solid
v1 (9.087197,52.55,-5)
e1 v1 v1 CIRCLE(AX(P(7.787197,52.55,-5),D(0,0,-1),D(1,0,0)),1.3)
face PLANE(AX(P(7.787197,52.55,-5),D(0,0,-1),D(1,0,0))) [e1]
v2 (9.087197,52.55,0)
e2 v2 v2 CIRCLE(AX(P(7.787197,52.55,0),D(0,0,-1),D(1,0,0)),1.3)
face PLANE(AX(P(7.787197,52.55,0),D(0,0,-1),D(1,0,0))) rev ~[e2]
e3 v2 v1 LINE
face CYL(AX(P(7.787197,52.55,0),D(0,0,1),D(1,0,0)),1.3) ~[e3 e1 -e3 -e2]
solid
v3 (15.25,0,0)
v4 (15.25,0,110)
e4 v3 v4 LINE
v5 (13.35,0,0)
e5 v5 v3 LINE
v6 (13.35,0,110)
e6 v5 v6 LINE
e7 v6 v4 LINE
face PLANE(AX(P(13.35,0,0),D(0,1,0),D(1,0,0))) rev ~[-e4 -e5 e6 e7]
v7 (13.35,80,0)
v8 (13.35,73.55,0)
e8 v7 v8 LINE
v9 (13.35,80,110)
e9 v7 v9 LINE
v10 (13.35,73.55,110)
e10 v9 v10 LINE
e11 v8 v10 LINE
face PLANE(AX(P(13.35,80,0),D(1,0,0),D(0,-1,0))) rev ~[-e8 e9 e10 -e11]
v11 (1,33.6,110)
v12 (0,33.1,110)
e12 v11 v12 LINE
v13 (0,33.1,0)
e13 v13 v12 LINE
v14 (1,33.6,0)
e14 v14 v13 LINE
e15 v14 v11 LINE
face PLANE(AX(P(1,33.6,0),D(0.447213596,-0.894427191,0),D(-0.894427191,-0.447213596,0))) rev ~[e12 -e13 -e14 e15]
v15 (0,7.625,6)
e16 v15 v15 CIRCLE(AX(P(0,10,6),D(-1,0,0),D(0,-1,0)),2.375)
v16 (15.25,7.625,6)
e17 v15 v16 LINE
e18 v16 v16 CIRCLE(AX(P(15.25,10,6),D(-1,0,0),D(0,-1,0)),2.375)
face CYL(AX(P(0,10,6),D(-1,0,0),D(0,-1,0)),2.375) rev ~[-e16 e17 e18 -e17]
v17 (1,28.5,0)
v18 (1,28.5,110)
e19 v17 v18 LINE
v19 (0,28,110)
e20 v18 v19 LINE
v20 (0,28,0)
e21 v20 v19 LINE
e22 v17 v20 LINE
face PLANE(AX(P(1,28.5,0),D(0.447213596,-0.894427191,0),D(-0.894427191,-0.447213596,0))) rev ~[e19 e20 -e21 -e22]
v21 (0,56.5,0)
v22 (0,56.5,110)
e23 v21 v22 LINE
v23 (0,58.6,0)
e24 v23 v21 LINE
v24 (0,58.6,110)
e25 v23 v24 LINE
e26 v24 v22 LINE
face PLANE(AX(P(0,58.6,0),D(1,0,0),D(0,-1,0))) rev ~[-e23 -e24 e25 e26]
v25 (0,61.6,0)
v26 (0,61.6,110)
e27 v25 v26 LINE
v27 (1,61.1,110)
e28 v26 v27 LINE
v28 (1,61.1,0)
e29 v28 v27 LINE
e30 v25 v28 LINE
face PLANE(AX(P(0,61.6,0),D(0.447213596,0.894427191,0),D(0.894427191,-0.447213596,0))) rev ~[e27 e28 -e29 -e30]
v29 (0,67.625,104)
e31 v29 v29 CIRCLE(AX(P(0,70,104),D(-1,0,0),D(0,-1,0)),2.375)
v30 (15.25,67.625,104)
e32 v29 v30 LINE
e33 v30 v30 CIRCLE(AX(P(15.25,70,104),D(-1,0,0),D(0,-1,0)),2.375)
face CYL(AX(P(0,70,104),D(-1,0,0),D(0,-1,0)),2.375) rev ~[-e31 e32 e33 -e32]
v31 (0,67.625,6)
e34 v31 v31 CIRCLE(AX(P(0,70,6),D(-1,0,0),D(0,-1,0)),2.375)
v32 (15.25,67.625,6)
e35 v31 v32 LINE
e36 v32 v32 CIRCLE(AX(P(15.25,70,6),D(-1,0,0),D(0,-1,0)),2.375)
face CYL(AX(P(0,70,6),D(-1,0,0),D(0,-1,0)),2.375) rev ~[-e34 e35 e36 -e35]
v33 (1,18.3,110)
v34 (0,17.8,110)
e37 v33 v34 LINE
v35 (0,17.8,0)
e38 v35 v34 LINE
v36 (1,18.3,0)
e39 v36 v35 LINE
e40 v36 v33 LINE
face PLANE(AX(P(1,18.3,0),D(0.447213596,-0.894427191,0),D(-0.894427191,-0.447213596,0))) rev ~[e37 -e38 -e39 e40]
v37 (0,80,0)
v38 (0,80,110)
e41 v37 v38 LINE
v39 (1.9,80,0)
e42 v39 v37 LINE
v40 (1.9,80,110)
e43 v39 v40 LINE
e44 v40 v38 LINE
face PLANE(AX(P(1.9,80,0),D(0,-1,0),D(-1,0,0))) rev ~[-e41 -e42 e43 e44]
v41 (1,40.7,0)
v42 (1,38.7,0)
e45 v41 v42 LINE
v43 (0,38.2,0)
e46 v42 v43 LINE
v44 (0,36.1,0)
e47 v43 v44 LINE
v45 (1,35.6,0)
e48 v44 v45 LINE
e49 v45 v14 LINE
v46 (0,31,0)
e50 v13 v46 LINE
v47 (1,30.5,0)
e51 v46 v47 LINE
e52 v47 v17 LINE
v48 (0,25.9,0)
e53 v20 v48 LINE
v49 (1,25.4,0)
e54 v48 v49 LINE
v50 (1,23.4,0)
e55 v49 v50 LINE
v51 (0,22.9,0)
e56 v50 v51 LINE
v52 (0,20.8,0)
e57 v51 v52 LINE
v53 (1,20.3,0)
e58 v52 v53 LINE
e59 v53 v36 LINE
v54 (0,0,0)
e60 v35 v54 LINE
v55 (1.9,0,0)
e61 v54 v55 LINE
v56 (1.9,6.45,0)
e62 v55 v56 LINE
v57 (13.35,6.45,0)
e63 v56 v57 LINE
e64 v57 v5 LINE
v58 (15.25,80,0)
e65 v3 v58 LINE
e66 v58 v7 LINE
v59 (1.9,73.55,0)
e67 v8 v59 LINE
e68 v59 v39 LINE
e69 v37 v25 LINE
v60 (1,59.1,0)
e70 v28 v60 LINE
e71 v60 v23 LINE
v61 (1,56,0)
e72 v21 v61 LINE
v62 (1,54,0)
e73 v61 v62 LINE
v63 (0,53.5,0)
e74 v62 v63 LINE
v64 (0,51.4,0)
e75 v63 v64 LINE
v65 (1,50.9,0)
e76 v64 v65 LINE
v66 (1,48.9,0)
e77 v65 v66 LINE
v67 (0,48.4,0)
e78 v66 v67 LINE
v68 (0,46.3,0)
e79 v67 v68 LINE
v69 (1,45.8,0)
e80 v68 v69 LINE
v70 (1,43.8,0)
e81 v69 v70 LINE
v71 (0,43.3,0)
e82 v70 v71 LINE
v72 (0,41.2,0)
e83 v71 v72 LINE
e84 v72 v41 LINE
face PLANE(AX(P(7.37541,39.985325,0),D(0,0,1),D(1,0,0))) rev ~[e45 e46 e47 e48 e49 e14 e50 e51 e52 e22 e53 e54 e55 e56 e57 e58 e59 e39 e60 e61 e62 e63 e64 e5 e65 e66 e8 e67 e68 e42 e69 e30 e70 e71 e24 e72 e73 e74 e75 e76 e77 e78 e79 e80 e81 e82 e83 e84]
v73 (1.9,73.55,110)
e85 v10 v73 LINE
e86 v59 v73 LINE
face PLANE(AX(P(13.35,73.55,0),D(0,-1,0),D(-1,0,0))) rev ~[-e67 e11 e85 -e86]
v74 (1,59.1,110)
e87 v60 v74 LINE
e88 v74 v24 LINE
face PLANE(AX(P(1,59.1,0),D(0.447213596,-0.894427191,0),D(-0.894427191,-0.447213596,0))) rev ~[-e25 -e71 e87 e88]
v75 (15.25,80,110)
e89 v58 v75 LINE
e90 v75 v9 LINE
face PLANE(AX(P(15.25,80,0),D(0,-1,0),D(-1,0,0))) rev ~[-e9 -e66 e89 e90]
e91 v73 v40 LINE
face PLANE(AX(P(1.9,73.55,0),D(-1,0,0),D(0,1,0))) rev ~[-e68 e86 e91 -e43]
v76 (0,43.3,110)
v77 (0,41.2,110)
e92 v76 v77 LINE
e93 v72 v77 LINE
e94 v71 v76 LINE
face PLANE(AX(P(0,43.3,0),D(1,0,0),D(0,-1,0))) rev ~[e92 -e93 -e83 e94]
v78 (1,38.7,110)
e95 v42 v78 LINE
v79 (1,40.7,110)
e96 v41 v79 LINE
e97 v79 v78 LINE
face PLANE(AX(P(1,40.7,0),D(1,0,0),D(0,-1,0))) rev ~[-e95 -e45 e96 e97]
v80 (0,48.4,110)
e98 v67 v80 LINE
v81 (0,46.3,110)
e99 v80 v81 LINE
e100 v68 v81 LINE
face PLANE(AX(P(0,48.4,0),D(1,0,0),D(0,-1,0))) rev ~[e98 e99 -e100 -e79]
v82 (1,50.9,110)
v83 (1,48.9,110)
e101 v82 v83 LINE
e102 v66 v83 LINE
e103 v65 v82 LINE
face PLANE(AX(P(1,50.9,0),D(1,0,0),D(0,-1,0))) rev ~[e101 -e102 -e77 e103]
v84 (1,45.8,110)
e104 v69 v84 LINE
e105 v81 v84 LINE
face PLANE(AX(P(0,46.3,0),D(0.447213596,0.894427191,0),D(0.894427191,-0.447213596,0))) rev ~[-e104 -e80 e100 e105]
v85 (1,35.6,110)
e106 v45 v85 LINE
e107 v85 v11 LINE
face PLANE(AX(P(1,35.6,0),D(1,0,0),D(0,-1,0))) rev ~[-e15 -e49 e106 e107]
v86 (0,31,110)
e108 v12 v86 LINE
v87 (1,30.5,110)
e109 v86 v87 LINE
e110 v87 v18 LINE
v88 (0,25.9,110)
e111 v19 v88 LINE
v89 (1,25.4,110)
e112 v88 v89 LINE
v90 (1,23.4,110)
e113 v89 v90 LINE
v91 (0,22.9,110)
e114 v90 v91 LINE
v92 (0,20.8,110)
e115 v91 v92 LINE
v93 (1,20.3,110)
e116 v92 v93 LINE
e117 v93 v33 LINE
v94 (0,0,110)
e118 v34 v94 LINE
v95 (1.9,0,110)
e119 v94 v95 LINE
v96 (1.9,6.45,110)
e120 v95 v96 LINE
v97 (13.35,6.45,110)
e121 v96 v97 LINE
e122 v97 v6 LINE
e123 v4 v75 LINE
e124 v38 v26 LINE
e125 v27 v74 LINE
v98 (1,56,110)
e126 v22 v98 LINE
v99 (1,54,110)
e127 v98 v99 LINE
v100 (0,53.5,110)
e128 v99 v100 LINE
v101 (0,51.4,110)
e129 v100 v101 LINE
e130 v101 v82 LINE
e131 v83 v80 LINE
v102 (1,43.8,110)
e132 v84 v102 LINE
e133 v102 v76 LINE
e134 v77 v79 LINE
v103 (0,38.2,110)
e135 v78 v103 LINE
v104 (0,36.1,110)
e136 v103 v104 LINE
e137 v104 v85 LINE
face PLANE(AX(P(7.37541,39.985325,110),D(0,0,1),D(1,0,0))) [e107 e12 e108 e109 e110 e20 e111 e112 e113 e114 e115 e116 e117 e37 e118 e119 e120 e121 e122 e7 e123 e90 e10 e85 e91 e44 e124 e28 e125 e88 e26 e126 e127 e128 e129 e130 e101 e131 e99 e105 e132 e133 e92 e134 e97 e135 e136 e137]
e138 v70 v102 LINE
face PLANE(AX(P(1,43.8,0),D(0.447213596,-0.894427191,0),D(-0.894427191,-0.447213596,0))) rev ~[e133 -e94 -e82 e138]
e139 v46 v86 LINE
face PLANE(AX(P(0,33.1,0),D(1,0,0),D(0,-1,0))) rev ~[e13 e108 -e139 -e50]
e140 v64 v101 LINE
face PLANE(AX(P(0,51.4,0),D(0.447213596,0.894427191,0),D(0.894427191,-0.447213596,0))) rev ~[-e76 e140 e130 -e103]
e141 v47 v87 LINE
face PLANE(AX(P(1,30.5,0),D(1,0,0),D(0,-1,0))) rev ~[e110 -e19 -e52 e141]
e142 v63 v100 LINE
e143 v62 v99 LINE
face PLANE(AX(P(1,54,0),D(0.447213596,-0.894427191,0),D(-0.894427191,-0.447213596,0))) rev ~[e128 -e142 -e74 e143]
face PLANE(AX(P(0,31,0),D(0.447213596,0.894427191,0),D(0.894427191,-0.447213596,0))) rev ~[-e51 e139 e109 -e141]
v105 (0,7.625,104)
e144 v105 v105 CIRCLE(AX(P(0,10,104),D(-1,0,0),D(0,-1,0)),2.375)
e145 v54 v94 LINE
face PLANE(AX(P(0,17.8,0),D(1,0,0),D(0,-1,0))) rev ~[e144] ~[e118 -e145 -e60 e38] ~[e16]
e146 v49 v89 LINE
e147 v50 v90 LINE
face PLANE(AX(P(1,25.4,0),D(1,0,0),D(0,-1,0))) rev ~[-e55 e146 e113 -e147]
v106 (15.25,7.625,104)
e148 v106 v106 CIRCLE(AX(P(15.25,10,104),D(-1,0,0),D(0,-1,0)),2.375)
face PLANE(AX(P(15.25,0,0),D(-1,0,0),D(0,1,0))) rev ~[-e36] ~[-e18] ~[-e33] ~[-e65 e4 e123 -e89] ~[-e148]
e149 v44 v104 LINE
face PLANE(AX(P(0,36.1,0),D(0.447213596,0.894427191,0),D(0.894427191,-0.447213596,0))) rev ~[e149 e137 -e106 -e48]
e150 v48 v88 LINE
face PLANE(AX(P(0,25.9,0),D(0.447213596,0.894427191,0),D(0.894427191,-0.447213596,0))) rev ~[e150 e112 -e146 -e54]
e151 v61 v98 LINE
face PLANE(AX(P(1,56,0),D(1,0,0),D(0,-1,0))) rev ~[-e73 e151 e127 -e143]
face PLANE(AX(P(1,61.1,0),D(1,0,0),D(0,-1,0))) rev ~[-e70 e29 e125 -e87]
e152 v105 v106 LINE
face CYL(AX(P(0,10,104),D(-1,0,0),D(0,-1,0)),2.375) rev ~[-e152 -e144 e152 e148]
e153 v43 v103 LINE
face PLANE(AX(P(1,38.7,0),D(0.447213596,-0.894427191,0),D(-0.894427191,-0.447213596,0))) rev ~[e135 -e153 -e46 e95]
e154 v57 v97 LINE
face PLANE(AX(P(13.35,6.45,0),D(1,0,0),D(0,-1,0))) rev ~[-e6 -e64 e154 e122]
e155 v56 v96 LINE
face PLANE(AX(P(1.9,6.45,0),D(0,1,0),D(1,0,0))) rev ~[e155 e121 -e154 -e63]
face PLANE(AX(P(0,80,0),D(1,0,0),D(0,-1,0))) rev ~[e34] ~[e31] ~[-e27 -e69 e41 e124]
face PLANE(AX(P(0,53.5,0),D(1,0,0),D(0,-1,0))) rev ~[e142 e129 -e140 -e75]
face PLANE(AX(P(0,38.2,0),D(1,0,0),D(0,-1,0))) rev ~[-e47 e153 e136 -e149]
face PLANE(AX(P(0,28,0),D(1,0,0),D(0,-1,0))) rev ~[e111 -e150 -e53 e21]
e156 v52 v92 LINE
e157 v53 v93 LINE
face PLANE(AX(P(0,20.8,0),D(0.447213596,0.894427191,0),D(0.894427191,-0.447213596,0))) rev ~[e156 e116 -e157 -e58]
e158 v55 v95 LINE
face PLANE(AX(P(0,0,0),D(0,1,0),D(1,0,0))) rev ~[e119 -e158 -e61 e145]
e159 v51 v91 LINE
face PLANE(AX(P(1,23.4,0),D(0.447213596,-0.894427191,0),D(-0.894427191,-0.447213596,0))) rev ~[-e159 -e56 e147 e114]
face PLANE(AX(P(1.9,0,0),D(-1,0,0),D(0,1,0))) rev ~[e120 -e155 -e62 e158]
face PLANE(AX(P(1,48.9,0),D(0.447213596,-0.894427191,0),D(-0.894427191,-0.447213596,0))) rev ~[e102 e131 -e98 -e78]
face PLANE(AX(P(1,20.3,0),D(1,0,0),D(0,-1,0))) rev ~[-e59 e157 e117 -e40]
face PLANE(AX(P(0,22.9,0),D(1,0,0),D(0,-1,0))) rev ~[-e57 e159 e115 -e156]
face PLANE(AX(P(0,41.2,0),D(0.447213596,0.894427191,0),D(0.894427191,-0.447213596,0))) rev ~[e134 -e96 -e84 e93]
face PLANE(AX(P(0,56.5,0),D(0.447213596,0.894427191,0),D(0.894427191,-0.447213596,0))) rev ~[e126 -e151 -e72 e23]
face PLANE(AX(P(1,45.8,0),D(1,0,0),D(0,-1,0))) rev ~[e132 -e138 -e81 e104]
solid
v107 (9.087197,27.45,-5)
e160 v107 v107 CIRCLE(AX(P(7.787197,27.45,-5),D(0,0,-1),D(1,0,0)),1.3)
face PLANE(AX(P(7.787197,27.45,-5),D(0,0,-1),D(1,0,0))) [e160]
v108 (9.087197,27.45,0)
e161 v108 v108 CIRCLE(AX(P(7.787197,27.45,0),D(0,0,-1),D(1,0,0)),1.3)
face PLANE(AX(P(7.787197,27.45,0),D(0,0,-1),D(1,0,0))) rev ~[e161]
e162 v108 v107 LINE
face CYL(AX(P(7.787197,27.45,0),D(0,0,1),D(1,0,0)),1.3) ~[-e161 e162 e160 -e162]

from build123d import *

# Parameters (mm, degrees)
F1_DEPTH = 110
F2_R     = 2.375
F3_DEPTH = 15.251
F4_R     = 1.3
F5_DEPTH = 5
F6_DEPTH = 5


with BuildPart() as f1:
    # F0 (on Top) → F1 (new body)
    with BuildSketch(Plane.XY):
        Polygon((0, 17.8), (0, 0), (1.9, 0), (1.9, 6.45), (13.35, 6.45), (13.35, 0), (15.25, 0), (15.25, 80), (13.35, 80), (13.35, 73.55), (1.9, 73.55), (1.9, 80), (0, 80), (0, 61.6), (1, 61.1), (1, 59.1), (0, 58.6), (0, 56.5), (1, 56), (1, 54), (0, 53.5), (0, 51.4), (1, 50.9), (1, 48.9), (0, 48.4), (0, 46.3), (1, 45.8), (1, 43.8), (0, 43.3), (0, 41.2), (1, 40.7), (1, 38.7), (0, 38.2), (0, 36.1), (1, 35.6), (1, 33.6), (0, 33.1), (0, 31), (1, 30.5), (1, 28.5), (0, 28), (0, 25.9), (1, 25.4), (1, 23.4), (0, 22.9), (0, 20.8), (1, 20.3), (1, 18.3), align=None)
    extrude(amount=F1_DEPTH)

    # F2 (on face) → F3 (cut, through all)
    with BuildSketch(Plane(origin=(0, 0, 0), x_dir=(0, -1, 0), z_dir=(-1, 0, 0))):
        with Locations((-70, 6)):
            Circle(F2_R)
        with Locations((-10, 6)):
            Circle(F2_R)
        with Locations((-70, 104)):
            Circle(F2_R)
        with Locations((-10, 104)):
            Circle(F2_R)
    extrude(amount=-F3_DEPTH, mode=Mode.SUBTRACT)


with BuildPart() as f5:
    # F4 (on face) → F5 (new body)
    with BuildSketch(Plane(origin=(0, 0, 0), x_dir=(1, 0, 0), z_dir=(0, 0, -1))):
        with Locations((7.787197, -27.45)):
            Circle(F4_R)
    extrude(amount=F5_DEPTH)


with BuildPart() as f6:
    # F4 (on face) → F6 (new body)
    with BuildSketch(Plane(origin=(0, 0, 0), x_dir=(1, 0, 0), z_dir=(0, 0, -1))):
        with Locations((7.787197, -52.55)):
            Circle(F4_R)
    extrude(amount=F6_DEPTH)


solid = Compound([f1.part, f5.part, f6.part])
